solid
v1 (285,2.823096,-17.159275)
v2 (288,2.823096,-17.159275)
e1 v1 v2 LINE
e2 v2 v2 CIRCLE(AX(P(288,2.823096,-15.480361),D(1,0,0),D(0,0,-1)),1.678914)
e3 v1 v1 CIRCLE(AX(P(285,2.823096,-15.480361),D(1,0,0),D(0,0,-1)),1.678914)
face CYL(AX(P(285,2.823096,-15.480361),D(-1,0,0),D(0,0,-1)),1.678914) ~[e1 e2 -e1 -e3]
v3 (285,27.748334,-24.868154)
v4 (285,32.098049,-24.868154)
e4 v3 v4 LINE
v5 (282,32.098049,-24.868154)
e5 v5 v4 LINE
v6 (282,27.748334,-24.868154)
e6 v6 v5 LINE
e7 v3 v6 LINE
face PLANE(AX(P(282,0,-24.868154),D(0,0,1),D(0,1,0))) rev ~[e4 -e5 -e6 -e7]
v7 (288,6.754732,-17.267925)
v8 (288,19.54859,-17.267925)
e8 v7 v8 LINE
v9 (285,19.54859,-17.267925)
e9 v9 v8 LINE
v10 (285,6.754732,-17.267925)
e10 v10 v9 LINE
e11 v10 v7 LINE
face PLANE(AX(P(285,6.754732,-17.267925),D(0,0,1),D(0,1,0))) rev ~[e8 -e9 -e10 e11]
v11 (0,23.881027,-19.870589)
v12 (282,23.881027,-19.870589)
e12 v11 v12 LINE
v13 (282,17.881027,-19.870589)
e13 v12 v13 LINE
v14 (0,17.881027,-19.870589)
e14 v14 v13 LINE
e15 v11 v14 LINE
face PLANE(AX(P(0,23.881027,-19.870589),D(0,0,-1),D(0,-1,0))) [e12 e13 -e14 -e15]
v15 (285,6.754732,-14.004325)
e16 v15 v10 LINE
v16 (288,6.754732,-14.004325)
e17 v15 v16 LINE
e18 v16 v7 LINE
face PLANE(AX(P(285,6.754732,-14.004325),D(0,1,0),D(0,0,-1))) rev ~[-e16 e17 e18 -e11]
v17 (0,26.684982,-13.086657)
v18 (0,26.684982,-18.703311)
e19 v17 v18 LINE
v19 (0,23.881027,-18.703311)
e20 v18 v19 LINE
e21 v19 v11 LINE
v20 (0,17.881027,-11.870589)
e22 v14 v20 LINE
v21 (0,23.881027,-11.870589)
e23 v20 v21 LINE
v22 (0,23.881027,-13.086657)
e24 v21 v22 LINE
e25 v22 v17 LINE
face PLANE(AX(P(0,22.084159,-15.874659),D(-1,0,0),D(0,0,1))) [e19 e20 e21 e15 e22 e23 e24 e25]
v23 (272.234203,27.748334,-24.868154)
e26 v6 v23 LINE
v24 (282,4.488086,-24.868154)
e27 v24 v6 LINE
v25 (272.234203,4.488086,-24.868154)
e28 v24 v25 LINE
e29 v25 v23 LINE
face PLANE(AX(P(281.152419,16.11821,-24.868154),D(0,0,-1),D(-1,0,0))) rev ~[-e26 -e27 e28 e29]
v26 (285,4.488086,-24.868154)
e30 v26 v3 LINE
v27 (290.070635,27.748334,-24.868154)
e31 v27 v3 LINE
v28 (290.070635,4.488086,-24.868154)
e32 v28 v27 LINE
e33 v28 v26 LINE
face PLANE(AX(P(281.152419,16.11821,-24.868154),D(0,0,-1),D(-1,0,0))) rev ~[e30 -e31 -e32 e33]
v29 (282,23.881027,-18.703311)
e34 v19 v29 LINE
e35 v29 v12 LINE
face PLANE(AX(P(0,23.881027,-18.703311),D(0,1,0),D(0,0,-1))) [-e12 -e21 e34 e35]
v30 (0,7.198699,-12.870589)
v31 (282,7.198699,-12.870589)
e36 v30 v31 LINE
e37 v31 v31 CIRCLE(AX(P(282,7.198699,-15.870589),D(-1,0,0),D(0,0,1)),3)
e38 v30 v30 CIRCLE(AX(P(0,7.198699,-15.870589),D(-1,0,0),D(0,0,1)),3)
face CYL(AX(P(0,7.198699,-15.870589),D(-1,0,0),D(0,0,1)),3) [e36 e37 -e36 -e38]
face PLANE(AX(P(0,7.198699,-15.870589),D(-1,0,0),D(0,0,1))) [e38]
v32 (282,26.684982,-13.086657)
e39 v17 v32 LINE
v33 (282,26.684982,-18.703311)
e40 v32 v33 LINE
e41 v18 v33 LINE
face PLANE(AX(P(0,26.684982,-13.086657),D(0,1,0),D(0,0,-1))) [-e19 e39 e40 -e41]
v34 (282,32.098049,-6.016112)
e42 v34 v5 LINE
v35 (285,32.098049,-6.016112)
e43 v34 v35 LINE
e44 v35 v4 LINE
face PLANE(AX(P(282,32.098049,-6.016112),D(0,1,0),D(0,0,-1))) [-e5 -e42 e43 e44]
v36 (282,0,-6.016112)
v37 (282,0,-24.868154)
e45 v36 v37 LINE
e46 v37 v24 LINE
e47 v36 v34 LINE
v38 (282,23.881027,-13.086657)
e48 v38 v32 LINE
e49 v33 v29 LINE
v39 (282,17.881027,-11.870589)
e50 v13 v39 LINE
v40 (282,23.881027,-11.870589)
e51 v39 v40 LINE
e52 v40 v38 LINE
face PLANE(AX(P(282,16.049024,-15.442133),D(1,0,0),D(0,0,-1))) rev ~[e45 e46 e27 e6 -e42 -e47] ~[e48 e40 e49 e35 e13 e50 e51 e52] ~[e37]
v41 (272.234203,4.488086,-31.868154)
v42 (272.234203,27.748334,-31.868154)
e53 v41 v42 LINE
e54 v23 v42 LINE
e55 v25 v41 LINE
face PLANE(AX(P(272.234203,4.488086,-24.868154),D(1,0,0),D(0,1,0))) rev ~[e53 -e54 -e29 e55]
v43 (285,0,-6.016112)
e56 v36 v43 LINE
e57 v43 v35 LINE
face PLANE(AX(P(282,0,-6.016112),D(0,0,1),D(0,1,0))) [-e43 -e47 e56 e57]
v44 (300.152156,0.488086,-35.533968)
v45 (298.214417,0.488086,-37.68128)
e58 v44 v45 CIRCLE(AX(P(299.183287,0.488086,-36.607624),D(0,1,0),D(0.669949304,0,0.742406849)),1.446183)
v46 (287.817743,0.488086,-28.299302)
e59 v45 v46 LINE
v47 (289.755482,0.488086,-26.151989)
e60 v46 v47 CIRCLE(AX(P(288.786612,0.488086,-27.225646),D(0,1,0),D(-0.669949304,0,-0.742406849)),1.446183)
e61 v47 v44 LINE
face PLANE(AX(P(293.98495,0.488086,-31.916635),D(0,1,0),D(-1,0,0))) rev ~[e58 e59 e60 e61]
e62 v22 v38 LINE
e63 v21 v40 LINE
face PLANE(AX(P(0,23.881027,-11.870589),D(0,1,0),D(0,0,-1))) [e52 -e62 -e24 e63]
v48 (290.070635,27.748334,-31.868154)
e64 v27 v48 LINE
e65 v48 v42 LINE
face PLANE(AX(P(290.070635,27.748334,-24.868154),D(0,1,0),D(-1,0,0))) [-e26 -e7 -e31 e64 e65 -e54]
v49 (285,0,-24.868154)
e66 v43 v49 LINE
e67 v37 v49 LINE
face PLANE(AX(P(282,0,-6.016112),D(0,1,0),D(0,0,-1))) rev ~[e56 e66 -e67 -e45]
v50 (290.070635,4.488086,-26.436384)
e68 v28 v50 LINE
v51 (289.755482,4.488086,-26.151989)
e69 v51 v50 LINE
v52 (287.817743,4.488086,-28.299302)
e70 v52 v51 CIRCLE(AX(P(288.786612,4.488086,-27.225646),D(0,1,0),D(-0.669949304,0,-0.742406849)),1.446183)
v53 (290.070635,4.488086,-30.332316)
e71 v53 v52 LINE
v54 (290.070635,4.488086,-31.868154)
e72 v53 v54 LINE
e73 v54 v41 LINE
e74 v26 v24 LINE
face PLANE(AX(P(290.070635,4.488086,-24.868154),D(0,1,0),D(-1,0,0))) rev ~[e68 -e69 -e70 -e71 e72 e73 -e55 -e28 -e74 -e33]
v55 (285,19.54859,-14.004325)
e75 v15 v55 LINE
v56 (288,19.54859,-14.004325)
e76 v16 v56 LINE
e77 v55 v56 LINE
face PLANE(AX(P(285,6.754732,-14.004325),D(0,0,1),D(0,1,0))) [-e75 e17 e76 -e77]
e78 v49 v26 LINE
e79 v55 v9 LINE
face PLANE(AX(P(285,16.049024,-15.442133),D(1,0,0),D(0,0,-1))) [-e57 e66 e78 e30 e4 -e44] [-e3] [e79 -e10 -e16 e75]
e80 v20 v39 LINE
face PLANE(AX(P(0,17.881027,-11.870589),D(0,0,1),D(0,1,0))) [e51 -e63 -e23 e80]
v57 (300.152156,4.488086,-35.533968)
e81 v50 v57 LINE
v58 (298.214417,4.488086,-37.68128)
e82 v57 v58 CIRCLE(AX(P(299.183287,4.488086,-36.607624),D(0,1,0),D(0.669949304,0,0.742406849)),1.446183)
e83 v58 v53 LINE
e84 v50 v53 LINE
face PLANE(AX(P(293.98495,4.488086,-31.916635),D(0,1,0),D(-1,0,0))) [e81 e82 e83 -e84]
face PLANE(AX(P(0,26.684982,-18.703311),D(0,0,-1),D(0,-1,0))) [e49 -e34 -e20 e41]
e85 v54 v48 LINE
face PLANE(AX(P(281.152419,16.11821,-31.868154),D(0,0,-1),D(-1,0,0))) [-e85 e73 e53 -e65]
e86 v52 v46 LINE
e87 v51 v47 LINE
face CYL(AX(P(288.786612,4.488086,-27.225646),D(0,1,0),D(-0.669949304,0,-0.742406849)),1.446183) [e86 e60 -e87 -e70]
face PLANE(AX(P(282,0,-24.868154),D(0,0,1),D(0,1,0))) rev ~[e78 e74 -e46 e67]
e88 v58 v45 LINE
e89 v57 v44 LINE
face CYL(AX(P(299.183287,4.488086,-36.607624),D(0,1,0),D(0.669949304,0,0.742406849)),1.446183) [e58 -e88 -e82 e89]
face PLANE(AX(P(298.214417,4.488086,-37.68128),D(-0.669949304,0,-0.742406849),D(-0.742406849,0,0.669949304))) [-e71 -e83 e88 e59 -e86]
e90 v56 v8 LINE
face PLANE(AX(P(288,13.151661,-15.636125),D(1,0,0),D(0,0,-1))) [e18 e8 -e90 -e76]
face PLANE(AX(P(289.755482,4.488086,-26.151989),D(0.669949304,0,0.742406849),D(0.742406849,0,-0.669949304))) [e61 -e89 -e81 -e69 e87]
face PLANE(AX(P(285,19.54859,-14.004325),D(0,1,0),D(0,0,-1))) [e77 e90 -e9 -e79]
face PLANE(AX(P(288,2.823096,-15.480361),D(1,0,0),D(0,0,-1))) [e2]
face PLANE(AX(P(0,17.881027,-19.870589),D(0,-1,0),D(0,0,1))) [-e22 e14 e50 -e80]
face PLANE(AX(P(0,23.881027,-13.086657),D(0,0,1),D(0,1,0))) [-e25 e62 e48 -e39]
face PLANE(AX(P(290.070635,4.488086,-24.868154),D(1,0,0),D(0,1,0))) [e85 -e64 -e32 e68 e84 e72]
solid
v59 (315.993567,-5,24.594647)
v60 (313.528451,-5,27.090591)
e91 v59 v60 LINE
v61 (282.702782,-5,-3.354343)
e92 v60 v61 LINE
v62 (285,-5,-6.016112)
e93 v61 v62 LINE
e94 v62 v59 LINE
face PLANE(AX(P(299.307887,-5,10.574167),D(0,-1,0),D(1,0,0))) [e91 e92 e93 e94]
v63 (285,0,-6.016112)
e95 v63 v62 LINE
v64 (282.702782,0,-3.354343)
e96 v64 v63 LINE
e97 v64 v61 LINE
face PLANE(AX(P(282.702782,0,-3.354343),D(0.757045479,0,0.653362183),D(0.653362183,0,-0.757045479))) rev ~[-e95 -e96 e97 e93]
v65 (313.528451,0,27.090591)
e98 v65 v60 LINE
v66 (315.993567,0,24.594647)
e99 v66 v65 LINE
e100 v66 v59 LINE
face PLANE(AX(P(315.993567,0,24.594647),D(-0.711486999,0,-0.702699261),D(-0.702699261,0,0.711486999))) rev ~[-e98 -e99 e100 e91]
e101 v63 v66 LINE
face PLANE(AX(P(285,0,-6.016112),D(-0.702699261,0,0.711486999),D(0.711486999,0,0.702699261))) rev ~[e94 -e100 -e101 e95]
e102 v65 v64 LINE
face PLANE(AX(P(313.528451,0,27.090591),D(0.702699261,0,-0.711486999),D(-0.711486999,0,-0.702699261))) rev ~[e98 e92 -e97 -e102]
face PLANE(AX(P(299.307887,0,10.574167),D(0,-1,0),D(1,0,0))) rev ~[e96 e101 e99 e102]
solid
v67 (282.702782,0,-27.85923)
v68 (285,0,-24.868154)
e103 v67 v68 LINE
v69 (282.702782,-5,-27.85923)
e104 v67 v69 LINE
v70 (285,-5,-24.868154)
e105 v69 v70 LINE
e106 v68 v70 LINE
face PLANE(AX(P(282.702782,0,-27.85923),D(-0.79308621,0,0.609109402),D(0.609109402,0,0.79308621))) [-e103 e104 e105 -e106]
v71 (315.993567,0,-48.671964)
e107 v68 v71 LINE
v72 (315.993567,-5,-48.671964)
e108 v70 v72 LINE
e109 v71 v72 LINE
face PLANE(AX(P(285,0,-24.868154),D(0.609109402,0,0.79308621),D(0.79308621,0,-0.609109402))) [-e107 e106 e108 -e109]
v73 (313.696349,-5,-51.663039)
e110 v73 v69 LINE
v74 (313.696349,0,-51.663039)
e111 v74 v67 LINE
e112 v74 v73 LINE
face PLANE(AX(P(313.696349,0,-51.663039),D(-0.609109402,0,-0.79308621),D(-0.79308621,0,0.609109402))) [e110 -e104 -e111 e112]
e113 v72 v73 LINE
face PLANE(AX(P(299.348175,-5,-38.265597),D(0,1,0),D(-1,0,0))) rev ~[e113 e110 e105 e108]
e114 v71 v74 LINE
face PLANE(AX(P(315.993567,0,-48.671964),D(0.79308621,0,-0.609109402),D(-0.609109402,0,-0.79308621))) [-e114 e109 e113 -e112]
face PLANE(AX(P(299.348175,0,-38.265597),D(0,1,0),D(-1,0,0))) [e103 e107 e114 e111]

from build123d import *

# Parameters (mm, degrees)
SKETCH2_R             = 3
BOSS_EXTRUDE1_DEPTH   = 282
BOSS_EXTRUDE1_2_DEPTH = 282
SKETCH3_W             = 18.85204283
SKETCH3_H             = 32.098048838
BOSS_EXTRUDE2_DEPTH   = 3
BOSS_EXTRUDE3_DEPTH   = 5
BOSS_EXTRUDE3_2_DEPTH = 5
SKETCH5_W             = 17.836431683
SKETCH5_H             = 23.2602474
BOSS_EXTRUDE4_DEPTH   = 7
BOSS_EXTRUDE5_DEPTH   = 4
SKETCH7_R             = 1.678913889
SKETCH7_W             = 3.263600104
SKETCH7_H             = 12.793858283
BOSS_EXTRUDE6_DEPTH   = 3


with BuildPart() as part:
    # Sketch2 → Boss-Extrude1 (new body)
    with BuildSketch(Plane.ZY):
        with Locations((-15.87058853, 7.198699216)):
            Circle(SKETCH2_R)
    extrude(amount=-BOSS_EXTRUDE1_DEPTH)



with BuildPart() as body_2:
    # Sketch2 → Boss-Extrude1 2 (new body)
    with BuildSketch(Plane.ZY):
        Polygon((-19.87058853, 17.881027255), (-11.87058853, 17.881027255), (-11.87058853, 23.881027255), (-13.086657096, 23.881027255), (-13.086657096, 26.684981869), (-18.703311227, 26.684981869), (-18.703311227, 23.881027255), (-19.87058853, 23.881027255), align=None)
    extrude(amount=-BOSS_EXTRUDE1_2_DEPTH)


with BuildPart() as part_1:
    add(part.part)

    add(body_2.part)  # Boss-Extrude2 merges body 2
    # Sketch3 → Boss-Extrude2 (add)
    with BuildSketch(Plane(origin=(282, 0, 0), x_dir=(0, 0, -1), z_dir=(1, 0, 0))):
        with Locations((15.442133011, 16.049024419)):
            Rectangle(SKETCH3_W, SKETCH3_H)
    extrude(amount=BOSS_EXTRUDE2_DEPTH)

    # Sketch5 → Boss-Extrude4 (add)
    with BuildSketch(Plane(origin=(0, 0, -24.868154426), x_dir=(-1, 0, 0), z_dir=(0, 0, -1))):
        with Locations((-281.152419038, 16.118209998)):
            Rectangle(SKETCH5_W, SKETCH5_H)
    extrude(amount=BOSS_EXTRUDE4_DEPTH)

    # Sketch6 → Boss-Extrude5 (add)
    with BuildSketch(Plane.XZ.offset(-4.488086298)):
        with BuildLine():
            Line((289.755481647, -26.15198938), (300.152156309, -35.533967686))
            ThreePointArc((300.152156309, -35.533967686), (300.256943196, -37.576493481), (298.214417401, -37.681280369))
            Line((298.214417401, -37.681280369), (287.817742739, -28.299302063))
            ThreePointArc((287.817742739, -28.299302063), (287.712955852, -26.256776267), (289.755481647, -26.15198938))
        make_face()
    extrude(amount=BOSS_EXTRUDE5_DEPTH)

    # Sketch7 → Boss-Extrude6 (add)
    with BuildSketch(Plane(origin=(285, 0, 0), x_dir=(0, 0, -1), z_dir=(1, 0, 0))):
        with Locations((15.480360711, 2.823096133)):
            Circle(SKETCH7_R)
        with Locations((15.636124716, 13.151660915)):
            Rectangle(SKETCH7_W, SKETCH7_H)
    extrude(amount=BOSS_EXTRUDE6_DEPTH)


with BuildPart() as body_2_2:
    # Sketch4 → Boss-Extrude3 (new body)
    with BuildSketch(Plane.XZ):
        Polygon((285, -24.868154426), (315.993567271, -48.671964131), (313.696349111, -51.663039361), (282.70278184, -27.859229656), align=None)
    extrude(amount=BOSS_EXTRUDE3_DEPTH)


with BuildPart() as body_3:
    # Sketch4 → Boss-Extrude3 2 (new body)
    with BuildSketch(Plane.XZ):
        Polygon((285, -6.016111596), (315.993567271, 24.594647062), (313.52845125, 27.090591056), (282.70278184, -3.354343486), align=None)
    extrude(amount=BOSS_EXTRUDE3_2_DEPTH)


solid = Compound([part_1.part, body_2_2.part, body_3.part])
